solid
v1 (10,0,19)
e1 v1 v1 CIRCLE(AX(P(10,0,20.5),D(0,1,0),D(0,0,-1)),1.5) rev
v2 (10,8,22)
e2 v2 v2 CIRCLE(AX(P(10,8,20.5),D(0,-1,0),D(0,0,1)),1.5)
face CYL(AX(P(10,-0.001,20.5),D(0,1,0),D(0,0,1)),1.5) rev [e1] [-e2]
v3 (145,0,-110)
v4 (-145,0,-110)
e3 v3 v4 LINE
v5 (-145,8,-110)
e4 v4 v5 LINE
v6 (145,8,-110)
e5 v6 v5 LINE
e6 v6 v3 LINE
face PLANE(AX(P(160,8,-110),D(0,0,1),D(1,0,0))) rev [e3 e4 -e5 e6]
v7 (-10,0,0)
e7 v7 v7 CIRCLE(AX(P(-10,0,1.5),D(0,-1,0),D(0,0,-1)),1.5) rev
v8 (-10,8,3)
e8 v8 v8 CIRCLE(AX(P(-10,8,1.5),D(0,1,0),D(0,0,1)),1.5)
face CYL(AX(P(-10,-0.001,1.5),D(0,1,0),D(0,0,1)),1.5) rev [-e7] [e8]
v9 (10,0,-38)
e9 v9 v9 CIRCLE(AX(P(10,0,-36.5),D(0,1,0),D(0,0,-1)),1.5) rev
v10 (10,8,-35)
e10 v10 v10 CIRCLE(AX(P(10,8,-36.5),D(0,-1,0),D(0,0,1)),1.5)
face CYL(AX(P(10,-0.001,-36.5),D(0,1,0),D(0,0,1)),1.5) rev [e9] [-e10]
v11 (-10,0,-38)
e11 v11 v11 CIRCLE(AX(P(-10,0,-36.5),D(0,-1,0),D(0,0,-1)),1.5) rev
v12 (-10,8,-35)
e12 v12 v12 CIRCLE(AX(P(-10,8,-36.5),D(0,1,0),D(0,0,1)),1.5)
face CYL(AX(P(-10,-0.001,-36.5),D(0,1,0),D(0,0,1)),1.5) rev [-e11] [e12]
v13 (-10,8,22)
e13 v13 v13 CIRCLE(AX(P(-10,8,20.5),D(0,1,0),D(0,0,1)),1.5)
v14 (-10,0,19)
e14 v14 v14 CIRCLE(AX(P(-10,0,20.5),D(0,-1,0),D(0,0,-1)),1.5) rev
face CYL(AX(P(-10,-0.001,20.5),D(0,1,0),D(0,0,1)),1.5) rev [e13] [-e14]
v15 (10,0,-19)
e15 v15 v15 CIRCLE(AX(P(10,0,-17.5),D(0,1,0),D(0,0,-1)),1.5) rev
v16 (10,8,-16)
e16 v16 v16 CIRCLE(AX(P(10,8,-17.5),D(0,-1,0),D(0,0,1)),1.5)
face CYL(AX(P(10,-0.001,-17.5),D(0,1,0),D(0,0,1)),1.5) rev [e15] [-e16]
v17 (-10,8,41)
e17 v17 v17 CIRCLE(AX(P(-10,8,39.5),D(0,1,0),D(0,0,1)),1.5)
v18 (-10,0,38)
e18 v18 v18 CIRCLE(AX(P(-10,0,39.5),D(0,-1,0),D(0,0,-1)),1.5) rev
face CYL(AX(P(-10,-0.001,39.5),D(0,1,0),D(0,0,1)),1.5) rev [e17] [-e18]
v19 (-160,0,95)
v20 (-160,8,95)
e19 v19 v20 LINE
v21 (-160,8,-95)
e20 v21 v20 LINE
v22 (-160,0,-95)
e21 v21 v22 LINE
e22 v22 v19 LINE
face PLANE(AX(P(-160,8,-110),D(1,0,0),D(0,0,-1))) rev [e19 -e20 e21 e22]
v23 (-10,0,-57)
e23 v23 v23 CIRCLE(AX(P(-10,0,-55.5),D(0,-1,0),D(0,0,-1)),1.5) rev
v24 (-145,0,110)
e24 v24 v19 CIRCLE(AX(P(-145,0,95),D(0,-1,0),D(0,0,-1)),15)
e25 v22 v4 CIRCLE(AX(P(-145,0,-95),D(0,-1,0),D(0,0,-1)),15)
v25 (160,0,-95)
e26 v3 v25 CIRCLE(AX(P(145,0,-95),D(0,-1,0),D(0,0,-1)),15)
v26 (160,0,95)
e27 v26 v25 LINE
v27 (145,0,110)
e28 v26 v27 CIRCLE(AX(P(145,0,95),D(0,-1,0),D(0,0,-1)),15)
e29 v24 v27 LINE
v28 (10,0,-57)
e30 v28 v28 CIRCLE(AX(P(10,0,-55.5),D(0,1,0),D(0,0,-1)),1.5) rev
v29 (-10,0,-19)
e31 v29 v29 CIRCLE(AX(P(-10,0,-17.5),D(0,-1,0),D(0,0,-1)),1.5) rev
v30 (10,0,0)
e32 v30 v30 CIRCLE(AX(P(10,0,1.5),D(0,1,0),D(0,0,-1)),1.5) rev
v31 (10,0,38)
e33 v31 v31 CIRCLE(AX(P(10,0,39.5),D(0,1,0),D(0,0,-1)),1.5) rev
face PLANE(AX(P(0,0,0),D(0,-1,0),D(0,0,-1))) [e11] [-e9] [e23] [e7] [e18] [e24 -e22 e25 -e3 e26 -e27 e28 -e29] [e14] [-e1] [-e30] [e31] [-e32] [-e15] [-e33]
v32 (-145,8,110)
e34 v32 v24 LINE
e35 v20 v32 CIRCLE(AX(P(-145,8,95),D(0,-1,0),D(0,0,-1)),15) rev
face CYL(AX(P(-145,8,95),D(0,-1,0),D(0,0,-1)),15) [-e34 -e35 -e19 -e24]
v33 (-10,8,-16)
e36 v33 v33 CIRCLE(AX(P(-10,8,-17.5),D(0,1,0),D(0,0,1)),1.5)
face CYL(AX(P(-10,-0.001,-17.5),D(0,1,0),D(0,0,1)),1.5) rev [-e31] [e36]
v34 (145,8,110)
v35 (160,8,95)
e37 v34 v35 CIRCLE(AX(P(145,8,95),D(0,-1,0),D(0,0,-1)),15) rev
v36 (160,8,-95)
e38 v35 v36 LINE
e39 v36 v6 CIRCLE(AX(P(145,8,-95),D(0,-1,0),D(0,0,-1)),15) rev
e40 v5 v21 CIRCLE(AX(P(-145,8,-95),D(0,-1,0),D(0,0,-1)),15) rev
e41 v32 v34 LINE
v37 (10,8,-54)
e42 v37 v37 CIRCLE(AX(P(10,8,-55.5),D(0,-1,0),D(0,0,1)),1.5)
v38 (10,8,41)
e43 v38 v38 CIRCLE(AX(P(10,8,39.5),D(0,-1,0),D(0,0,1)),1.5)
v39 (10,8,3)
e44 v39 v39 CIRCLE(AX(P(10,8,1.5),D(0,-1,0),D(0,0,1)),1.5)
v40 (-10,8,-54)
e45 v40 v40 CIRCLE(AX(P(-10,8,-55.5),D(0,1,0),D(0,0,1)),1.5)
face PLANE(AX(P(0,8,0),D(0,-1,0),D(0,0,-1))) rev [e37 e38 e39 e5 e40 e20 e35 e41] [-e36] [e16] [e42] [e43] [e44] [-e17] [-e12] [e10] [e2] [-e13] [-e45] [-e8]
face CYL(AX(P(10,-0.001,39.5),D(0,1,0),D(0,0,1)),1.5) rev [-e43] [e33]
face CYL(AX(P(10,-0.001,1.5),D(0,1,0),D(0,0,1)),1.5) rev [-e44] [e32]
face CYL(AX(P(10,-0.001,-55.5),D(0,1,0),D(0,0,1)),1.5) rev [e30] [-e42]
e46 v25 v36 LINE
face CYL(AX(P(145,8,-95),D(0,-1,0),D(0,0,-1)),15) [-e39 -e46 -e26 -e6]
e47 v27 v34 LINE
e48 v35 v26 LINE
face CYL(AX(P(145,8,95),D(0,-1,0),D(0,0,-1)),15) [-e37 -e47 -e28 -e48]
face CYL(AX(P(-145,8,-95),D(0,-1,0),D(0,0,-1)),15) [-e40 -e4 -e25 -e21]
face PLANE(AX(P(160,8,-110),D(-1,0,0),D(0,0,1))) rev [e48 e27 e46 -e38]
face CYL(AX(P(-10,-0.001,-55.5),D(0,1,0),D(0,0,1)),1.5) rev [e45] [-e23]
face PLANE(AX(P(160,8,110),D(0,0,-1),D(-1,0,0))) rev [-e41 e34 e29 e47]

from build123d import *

# Parameters (mm, degrees)
SKETCH1_W               = 320
SKETCH1_H               = 220
BOSS_EXTRUDE1_DEPTH     = 8
FILLET1_R               = 15
CUT_EXTRUDE2_REACH      = 196.33
SKETCH3_R               = 1.5
LPATTERN2_COUNT         = 4
LPATTERN2_PITCH         = 19
LPATTERN2_COL_COUNT     = 3
LPATTERN2_COL_PITCH     = 19
MIRROR2_COPY_1_REACH    = 196.33
MIRROR2_COPY_1_SKETCH_R = 1.5
MIRROR2_COPY_2_REACH    = 196.33
MIRROR2_COPY_2_SKETCH_R = 1.5
MIRROR2_COPY_3_REACH    = 196.33
MIRROR2_COPY_3_SKETCH_R = 1.5
MIRROR2_COPY_4_REACH    = 196.33
MIRROR2_COPY_4_SKETCH_R = 1.5
MIRROR2_COPY_5_REACH    = 196.33
MIRROR2_COPY_5_SKETCH_R = 1.5


with BuildPart() as part:
    # Sketch1 → Boss-Extrude1 (new body)
    with BuildSketch(Plane(origin=(0, 0, 0), x_dir=(1, 0, 0), z_dir=(0, 1, 0))):
        Rectangle(SKETCH1_W, SKETCH1_H)
    extrude(amount=BOSS_EXTRUDE1_DEPTH)

    # Fillet1
    fillet1_edges = [part.edges().sort_by_distance(p)[0] for p in [
        (-160, 4, -110),
        (160, 4, -110),
        (160, 4, 110),
        (-160, 4, 110),
    ]]
    fillet(fillet1_edges, radius=FILLET1_R)

    # Sketch3 → Cut-Extrude2 (cut, up to next)
    with BuildSketch(Plane(origin=(0, 8, 0), x_dir=(1, 0, 0), z_dir=(0, 1, 0)), mode=Mode.PRIVATE) as cut_extrude2_sk1:
        with Locations(Location((-10, -1.5, 0), (0, 0, 270))):
            Circle(SKETCH3_R)
    cut_extrude2_tool1 = extrude(cut_extrude2_sk1.sketch, amount=-CUT_EXTRUDE2_REACH, mode=Mode.PRIVATE) & part.part
    cut_extrude2 = cut_extrude2_tool1.solids().sort_by_distance((-10, 8, 1.5))[0]
    add(cut_extrude2, mode=Mode.SUBTRACT)

    # LPattern2: Cut-Extrude2 ×4
    with Locations(*[(0, 0, -i * LPATTERN2_PITCH) for i in range(1, LPATTERN2_COUNT)]):
        add(cut_extrude2, mode=Mode.SUBTRACT)

    # LPattern2 col: Cut-Extrude2 ×3
    with Locations(*[(0, 0, i * LPATTERN2_COL_PITCH) for i in range(1, LPATTERN2_COL_COUNT)]):
        add(cut_extrude2, mode=Mode.SUBTRACT)

    # Mirror2: Cut-Extrude2 across plane
    add(cut_extrude2.mirror(Plane(origin=(0, 0, 0), x_dir=(0, 0, 1), z_dir=(1, 0, 0))), mode=Mode.SUBTRACT)

    # Mirror2 copy 1 sketch → Mirror2 copy 1 (cut, up to next)
    with BuildSketch(Plane(origin=(0, 8, -19), x_dir=(-1, 0, 0), z_dir=(0, 1, 0)), mode=Mode.PRIVATE) as mirror2_copy_1_sk1:
        with Locations((-10, 1.5)):
            Circle(MIRROR2_COPY_1_SKETCH_R)
    mirror2_copy_1_tool1 = extrude(mirror2_copy_1_sk1.sketch, amount=-MIRROR2_COPY_1_REACH, mode=Mode.PRIVATE) & part.part
    add(mirror2_copy_1_tool1.solids().sort_by_distance((10, 8, -17.5))[0], mode=Mode.SUBTRACT)

    # Mirror2 copy 2 sketch → Mirror2 copy 2 (cut, up to next)
    with BuildSketch(Plane(origin=(0, 8, -38), x_dir=(-1, 0, 0), z_dir=(0, 1, 0)), mode=Mode.PRIVATE) as mirror2_copy_2_sk1:
        with Locations((-10, 1.5)):
            Circle(MIRROR2_COPY_2_SKETCH_R)
    mirror2_copy_2_tool1 = extrude(mirror2_copy_2_sk1.sketch, amount=-MIRROR2_COPY_2_REACH, mode=Mode.PRIVATE) & part.part
    add(mirror2_copy_2_tool1.solids().sort_by_distance((10, 8, -36.5))[0], mode=Mode.SUBTRACT)

    # Mirror2 copy 3 sketch → Mirror2 copy 3 (cut, up to next)
    with BuildSketch(Plane(origin=(0, 8, -57), x_dir=(-1, 0, 0), z_dir=(0, 1, 0)), mode=Mode.PRIVATE) as mirror2_copy_3_sk1:
        with Locations((-10, 1.5)):
            Circle(MIRROR2_COPY_3_SKETCH_R)
    mirror2_copy_3_tool1 = extrude(mirror2_copy_3_sk1.sketch, amount=-MIRROR2_COPY_3_REACH, mode=Mode.PRIVATE) & part.part
    add(mirror2_copy_3_tool1.solids().sort_by_distance((10, 8, -55.5))[0], mode=Mode.SUBTRACT)

    # Mirror2 copy 4 sketch → Mirror2 copy 4 (cut, up to next)
    with BuildSketch(Plane(origin=(0, 8, 19), x_dir=(-1, 0, 0), z_dir=(0, 1, 0)), mode=Mode.PRIVATE) as mirror2_copy_4_sk1:
        with Locations((-10, 1.5)):
            Circle(MIRROR2_COPY_4_SKETCH_R)
    mirror2_copy_4_tool1 = extrude(mirror2_copy_4_sk1.sketch, amount=-MIRROR2_COPY_4_REACH, mode=Mode.PRIVATE) & part.part
    add(mirror2_copy_4_tool1.solids().sort_by_distance((10, 8, 20.5))[0], mode=Mode.SUBTRACT)

    # Mirror2 copy 5 sketch → Mirror2 copy 5 (cut, up to next)
    with BuildSketch(Plane(origin=(0, 8, 38), x_dir=(-1, 0, 0), z_dir=(0, 1, 0)), mode=Mode.PRIVATE) as mirror2_copy_5_sk1:
        with Locations((-10, 1.5)):
            Circle(MIRROR2_COPY_5_SKETCH_R)
    mirror2_copy_5_tool1 = extrude(mirror2_copy_5_sk1.sketch, amount=-MIRROR2_COPY_5_REACH, mode=Mode.PRIVATE) & part.part
    add(mirror2_copy_5_tool1.solids().sort_by_distance((10, 8, 39.5))[0], mode=Mode.SUBTRACT)


solid = part.part
